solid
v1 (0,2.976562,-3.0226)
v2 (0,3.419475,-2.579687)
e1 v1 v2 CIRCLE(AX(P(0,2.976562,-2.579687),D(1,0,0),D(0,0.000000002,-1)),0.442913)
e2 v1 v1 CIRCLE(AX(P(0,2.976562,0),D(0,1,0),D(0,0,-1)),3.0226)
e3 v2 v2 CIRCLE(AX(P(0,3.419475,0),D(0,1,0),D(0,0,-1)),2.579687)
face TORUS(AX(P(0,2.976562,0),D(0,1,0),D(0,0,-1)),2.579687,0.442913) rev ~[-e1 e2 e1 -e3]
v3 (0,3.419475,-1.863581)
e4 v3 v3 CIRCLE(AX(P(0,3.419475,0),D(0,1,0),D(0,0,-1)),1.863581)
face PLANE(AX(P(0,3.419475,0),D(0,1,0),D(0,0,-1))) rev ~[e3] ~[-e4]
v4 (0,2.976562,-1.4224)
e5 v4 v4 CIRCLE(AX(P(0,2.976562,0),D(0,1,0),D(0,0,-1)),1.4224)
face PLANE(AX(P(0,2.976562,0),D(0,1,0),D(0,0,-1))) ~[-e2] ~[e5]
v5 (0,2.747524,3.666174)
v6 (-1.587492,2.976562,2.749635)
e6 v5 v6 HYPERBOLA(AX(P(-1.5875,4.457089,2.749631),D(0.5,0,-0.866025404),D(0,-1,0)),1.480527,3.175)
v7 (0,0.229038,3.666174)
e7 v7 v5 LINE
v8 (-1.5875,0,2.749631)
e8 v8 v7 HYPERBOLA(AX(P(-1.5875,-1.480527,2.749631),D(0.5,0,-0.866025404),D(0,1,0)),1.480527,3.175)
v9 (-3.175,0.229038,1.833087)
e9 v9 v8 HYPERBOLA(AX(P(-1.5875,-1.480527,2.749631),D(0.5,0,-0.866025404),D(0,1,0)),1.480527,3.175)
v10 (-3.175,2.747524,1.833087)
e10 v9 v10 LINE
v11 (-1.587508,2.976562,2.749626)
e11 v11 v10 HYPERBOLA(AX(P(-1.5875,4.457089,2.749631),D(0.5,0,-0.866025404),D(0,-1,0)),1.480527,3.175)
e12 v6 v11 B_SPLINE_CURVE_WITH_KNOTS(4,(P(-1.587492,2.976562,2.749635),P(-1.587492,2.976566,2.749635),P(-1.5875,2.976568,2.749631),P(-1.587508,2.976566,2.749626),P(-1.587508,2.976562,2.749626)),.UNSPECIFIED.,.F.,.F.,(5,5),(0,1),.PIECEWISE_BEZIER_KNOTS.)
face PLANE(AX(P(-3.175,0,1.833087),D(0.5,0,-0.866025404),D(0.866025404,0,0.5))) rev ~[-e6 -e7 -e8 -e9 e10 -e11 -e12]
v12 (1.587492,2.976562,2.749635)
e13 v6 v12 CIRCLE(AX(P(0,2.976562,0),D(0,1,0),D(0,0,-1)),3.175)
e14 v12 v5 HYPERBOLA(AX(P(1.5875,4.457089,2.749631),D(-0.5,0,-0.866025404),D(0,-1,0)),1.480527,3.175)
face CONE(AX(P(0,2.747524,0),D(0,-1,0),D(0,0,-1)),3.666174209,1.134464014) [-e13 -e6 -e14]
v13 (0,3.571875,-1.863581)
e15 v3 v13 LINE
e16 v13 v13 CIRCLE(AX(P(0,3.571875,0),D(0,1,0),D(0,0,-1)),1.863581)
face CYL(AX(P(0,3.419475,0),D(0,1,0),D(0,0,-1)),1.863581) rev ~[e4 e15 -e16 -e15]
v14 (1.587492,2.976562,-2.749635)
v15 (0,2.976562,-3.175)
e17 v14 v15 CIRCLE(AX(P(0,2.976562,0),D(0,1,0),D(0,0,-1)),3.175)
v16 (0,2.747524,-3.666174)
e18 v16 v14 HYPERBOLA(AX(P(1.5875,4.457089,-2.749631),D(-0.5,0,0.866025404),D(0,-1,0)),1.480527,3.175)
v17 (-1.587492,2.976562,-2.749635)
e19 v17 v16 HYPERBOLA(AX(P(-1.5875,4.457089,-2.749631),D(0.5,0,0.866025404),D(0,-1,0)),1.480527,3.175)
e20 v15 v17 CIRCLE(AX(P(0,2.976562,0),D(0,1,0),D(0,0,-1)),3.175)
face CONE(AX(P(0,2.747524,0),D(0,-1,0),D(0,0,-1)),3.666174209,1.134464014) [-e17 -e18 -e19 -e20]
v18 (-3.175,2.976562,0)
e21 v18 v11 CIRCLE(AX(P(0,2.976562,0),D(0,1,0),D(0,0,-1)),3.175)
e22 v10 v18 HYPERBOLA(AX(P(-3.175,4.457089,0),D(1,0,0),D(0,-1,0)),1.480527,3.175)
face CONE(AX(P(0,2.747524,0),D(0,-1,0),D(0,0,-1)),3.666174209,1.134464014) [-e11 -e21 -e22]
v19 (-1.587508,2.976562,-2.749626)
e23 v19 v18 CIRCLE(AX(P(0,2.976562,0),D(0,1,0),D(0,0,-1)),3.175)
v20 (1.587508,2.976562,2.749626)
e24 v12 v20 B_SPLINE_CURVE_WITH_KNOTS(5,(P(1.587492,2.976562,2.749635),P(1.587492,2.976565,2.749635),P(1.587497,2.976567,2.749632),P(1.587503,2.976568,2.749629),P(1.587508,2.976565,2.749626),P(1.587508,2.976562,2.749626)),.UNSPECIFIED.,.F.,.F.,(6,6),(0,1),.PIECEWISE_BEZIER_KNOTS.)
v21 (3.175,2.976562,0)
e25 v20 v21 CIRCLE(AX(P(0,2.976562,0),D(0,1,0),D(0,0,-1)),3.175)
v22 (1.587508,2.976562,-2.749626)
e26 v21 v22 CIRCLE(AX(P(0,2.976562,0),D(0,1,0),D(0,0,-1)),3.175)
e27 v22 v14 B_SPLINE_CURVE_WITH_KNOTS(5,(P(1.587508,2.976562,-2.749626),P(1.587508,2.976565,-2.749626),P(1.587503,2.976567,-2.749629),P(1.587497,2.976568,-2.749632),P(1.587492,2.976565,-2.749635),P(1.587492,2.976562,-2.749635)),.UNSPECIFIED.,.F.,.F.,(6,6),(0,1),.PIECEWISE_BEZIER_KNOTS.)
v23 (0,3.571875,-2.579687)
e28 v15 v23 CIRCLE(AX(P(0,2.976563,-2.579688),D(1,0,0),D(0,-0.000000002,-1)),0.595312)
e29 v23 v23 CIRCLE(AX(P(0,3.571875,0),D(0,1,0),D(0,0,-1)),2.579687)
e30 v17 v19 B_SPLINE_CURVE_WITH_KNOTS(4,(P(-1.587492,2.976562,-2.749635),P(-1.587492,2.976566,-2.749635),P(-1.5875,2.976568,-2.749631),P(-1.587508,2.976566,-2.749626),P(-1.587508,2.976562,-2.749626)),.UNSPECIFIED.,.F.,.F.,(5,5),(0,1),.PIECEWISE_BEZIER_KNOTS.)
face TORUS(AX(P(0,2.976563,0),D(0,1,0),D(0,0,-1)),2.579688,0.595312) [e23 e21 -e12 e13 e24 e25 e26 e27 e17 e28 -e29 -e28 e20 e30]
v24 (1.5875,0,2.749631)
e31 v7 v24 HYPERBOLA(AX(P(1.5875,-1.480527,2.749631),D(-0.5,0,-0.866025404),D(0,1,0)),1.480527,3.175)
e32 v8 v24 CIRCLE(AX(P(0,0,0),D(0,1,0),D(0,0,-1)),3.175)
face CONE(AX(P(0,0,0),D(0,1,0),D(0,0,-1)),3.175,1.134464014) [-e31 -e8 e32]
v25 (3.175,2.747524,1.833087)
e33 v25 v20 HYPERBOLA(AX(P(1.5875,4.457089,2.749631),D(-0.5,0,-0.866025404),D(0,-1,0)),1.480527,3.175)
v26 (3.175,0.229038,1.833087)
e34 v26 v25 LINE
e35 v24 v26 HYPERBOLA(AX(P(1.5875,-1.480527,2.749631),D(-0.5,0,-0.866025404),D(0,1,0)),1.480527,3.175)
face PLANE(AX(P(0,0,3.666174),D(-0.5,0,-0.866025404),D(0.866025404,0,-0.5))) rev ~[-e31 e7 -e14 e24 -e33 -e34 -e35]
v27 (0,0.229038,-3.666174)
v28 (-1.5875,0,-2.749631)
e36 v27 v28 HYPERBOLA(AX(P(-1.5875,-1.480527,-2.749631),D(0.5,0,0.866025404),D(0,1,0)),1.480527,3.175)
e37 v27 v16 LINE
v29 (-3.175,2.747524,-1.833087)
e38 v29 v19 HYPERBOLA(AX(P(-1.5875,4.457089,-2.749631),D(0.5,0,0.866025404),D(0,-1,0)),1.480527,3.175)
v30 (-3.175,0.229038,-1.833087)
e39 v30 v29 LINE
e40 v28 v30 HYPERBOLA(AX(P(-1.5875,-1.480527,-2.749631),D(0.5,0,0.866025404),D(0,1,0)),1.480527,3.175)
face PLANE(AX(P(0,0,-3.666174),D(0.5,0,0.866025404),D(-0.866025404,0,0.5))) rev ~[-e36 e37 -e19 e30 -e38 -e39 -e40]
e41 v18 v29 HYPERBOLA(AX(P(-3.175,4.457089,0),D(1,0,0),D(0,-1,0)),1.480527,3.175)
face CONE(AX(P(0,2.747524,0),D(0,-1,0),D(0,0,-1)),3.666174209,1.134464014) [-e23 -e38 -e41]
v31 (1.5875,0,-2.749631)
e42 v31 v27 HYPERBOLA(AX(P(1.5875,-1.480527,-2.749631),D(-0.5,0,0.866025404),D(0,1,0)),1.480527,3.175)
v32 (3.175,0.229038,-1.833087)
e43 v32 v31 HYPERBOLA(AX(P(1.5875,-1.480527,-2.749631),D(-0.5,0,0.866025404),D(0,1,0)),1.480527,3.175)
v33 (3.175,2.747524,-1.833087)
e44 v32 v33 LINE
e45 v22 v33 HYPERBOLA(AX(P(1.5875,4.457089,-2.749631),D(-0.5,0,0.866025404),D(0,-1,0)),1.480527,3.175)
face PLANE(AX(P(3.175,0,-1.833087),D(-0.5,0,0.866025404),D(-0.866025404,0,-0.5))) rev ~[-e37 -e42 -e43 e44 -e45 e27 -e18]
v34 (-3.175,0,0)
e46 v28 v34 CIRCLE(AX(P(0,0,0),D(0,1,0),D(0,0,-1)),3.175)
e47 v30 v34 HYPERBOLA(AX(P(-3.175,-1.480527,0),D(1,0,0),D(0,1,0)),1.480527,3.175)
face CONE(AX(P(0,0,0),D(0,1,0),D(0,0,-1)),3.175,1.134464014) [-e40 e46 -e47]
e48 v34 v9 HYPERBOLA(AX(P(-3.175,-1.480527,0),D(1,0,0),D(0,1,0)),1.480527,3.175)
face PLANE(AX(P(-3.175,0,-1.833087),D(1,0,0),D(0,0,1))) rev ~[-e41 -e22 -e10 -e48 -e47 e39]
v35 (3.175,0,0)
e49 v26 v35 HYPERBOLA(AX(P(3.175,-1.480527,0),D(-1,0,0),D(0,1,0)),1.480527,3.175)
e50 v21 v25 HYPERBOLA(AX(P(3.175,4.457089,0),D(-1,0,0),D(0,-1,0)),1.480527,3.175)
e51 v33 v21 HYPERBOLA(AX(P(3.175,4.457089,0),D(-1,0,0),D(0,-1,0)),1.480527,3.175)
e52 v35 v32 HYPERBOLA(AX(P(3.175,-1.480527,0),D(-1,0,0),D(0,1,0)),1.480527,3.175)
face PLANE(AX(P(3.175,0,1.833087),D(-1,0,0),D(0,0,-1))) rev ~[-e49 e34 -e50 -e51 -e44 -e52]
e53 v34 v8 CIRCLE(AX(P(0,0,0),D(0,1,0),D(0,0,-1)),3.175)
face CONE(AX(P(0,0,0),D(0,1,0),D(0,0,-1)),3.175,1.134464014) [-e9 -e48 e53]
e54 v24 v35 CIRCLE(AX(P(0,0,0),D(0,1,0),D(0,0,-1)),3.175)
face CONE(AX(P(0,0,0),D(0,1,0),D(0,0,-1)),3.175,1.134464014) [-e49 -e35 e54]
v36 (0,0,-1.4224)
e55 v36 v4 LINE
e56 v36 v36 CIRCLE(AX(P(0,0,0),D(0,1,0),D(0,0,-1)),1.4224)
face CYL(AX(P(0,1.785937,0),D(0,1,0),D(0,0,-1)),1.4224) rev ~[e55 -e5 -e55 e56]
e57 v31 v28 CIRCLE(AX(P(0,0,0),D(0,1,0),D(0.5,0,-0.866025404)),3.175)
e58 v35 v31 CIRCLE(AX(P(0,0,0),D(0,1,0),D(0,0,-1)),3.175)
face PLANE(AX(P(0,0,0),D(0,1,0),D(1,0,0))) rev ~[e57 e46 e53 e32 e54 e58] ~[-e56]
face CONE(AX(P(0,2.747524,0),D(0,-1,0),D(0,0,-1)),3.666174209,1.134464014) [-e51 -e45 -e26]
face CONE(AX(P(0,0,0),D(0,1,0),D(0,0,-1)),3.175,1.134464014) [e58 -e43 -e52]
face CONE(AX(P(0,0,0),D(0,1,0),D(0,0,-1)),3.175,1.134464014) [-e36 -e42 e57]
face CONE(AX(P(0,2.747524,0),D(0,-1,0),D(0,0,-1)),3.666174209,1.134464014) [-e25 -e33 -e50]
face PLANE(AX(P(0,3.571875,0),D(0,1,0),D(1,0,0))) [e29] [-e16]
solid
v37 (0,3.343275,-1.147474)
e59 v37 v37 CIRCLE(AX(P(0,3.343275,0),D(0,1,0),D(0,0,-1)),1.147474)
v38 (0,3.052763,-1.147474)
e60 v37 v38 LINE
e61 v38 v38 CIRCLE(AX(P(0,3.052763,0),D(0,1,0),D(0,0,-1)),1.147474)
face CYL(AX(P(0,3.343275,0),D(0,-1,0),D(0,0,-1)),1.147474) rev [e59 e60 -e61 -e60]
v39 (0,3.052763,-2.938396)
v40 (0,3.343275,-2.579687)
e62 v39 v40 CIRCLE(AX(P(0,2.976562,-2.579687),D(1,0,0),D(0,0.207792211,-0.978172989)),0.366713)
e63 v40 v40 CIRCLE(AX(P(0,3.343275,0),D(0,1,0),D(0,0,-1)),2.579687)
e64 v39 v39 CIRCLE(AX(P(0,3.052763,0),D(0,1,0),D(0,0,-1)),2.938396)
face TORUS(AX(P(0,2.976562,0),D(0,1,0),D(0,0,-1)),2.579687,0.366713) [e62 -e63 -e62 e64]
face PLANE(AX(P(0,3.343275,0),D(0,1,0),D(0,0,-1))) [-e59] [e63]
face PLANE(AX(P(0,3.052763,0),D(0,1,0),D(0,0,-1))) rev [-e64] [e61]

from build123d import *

# Parameters (mm, degrees)
EXTRUDE1_DEPTH = 3.571875
SKETCH2_W      = 1.4224
SKETCH2_H      = 3.571875


with BuildPart() as part:
    # Sketch1 → Extrude1 (new body)
    with BuildSketch(Plane(origin=(0, 0, 0), x_dir=(1, 0, 0), z_dir=(0, 1, 0))):
        Polygon((0, 3.666174209), (-3.175, 1.833087105), (-3.175, -1.833087105), (0, -3.666174209), (3.175, -1.833087105), (3.175, 1.833087105), align=None)
    extrude(amount=EXTRUDE1_DEPTH)

    # Sketch4 → Cut-Revolve2 (revolve, cut)
    with BuildSketch(Plane(origin=(0, 0, 0), x_dir=(0, 0, -1), z_dir=(1, 0, 0))):
        Polygon((0, 3.571875), (1.4224, 3.571875), (1.147473684, 3.443674754), (1.147473684, 0.128200246), (1.4224, 0), (0, 0), align=None)
    revolve(axis=Axis((0, 3.571875, 0), (0, 1, 0)), mode=Mode.SUBTRACT)


with BuildPart() as body_2:
    # Sketch2 → Revolve1 (revolve)
    with BuildSketch(Plane(origin=(0, 0, 0), x_dir=(0, 0, -1), z_dir=(1, 0, 0))):
        with Locations((0.7112, 1.7859375)):
            Rectangle(SKETCH2_W, SKETCH2_H)
    revolve(axis=Axis((0, -1.4224, 0), (0, 1, 0)))


with BuildPart() as part_1:
    add(part.part)

    # Combine1: cut body 2
    add(body_2.part, mode=Mode.SUBTRACT)

    # Sketch5 → Cut-Revolve3 (revolve, cut)
    with BuildSketch(Plane(origin=(0, 0, 0), x_dir=(0, 0, -1), z_dir=(1, 0, 0))):
        with BuildLine():
            Line((0, 0), (3.175, 0))
            Line((3.175, 0), (3.666174209, 0.229038295))
            Line((3.666174209, 0.229038295), (3.666174209, 2.747524205))
            Line((3.666174209, 2.747524205), (3.175, 2.9765625))
            ThreePointArc((3.175, 2.9765625), (3.000637006, 3.397512006), (2.5796875, 3.571875))
            Line((2.5796875, 3.571875), (2.5796875, 4.841875))
            Line((2.5796875, 4.841875), (4.936174209, 4.841875))
            Line((4.936174209, 4.841875), (4.936174209, -1.27))
            Line((4.936174209, -1.27), (0, -1.27))
            Line((0, -1.27), (0, 0))
        make_face()
    revolve(axis=Axis((0, 0, 0), (0, 1, 0)), mode=Mode.SUBTRACT)

    # Sketch6 → Cut-Revolve4 (revolve, cut)
    with BuildSketch(Plane(origin=(0, 0, 0), x_dir=(0, 0, -1), z_dir=(1, 0, 0))):
        with BuildLine():
            Line((0, 2.9765625), (3.0226, 2.9765625))
            ThreePointArc((3.0226, 2.9765625), (2.892873932, 3.289748932), (2.5796875, 3.419475))
            Line((2.5796875, 3.419475), (1.863580592, 3.419475))
            Line((1.863580592, 3.419475), (1.863580592, 4.841875))
            Line((1.863580592, 4.841875), (0, 4.841875))
            Line((0, 4.841875), (0, 2.9765625))
        make_face()
    revolve(axis=Axis((0, 4.841875, 0), (0, 1, 0)), mode=Mode.SUBTRACT)


with BuildPart() as body_2_2:
    # Sketch7 → Revolve2 (revolve)
    with BuildSketch(Plane(origin=(0, 0, 0), x_dir=(0, 0, -1), z_dir=(1, 0, 0))):
        with BuildLine():
            Line((1.147473684, 3.0527625), (2.938395763, 3.0527625))
            ThreePointArc((2.938395763, 3.0527625), (2.810484559, 3.261537543), (2.5796875, 3.343275))
            Line((2.5796875, 3.343275), (1.147473684, 3.343275))
            Line((1.147473684, 3.343275), (1.147473684, 3.0527625))
        make_face()
    revolve(axis=Axis((0, 3.0527625, 0), (0, 1, 0)))


solid = Compound([part_1.part, body_2_2.part])
